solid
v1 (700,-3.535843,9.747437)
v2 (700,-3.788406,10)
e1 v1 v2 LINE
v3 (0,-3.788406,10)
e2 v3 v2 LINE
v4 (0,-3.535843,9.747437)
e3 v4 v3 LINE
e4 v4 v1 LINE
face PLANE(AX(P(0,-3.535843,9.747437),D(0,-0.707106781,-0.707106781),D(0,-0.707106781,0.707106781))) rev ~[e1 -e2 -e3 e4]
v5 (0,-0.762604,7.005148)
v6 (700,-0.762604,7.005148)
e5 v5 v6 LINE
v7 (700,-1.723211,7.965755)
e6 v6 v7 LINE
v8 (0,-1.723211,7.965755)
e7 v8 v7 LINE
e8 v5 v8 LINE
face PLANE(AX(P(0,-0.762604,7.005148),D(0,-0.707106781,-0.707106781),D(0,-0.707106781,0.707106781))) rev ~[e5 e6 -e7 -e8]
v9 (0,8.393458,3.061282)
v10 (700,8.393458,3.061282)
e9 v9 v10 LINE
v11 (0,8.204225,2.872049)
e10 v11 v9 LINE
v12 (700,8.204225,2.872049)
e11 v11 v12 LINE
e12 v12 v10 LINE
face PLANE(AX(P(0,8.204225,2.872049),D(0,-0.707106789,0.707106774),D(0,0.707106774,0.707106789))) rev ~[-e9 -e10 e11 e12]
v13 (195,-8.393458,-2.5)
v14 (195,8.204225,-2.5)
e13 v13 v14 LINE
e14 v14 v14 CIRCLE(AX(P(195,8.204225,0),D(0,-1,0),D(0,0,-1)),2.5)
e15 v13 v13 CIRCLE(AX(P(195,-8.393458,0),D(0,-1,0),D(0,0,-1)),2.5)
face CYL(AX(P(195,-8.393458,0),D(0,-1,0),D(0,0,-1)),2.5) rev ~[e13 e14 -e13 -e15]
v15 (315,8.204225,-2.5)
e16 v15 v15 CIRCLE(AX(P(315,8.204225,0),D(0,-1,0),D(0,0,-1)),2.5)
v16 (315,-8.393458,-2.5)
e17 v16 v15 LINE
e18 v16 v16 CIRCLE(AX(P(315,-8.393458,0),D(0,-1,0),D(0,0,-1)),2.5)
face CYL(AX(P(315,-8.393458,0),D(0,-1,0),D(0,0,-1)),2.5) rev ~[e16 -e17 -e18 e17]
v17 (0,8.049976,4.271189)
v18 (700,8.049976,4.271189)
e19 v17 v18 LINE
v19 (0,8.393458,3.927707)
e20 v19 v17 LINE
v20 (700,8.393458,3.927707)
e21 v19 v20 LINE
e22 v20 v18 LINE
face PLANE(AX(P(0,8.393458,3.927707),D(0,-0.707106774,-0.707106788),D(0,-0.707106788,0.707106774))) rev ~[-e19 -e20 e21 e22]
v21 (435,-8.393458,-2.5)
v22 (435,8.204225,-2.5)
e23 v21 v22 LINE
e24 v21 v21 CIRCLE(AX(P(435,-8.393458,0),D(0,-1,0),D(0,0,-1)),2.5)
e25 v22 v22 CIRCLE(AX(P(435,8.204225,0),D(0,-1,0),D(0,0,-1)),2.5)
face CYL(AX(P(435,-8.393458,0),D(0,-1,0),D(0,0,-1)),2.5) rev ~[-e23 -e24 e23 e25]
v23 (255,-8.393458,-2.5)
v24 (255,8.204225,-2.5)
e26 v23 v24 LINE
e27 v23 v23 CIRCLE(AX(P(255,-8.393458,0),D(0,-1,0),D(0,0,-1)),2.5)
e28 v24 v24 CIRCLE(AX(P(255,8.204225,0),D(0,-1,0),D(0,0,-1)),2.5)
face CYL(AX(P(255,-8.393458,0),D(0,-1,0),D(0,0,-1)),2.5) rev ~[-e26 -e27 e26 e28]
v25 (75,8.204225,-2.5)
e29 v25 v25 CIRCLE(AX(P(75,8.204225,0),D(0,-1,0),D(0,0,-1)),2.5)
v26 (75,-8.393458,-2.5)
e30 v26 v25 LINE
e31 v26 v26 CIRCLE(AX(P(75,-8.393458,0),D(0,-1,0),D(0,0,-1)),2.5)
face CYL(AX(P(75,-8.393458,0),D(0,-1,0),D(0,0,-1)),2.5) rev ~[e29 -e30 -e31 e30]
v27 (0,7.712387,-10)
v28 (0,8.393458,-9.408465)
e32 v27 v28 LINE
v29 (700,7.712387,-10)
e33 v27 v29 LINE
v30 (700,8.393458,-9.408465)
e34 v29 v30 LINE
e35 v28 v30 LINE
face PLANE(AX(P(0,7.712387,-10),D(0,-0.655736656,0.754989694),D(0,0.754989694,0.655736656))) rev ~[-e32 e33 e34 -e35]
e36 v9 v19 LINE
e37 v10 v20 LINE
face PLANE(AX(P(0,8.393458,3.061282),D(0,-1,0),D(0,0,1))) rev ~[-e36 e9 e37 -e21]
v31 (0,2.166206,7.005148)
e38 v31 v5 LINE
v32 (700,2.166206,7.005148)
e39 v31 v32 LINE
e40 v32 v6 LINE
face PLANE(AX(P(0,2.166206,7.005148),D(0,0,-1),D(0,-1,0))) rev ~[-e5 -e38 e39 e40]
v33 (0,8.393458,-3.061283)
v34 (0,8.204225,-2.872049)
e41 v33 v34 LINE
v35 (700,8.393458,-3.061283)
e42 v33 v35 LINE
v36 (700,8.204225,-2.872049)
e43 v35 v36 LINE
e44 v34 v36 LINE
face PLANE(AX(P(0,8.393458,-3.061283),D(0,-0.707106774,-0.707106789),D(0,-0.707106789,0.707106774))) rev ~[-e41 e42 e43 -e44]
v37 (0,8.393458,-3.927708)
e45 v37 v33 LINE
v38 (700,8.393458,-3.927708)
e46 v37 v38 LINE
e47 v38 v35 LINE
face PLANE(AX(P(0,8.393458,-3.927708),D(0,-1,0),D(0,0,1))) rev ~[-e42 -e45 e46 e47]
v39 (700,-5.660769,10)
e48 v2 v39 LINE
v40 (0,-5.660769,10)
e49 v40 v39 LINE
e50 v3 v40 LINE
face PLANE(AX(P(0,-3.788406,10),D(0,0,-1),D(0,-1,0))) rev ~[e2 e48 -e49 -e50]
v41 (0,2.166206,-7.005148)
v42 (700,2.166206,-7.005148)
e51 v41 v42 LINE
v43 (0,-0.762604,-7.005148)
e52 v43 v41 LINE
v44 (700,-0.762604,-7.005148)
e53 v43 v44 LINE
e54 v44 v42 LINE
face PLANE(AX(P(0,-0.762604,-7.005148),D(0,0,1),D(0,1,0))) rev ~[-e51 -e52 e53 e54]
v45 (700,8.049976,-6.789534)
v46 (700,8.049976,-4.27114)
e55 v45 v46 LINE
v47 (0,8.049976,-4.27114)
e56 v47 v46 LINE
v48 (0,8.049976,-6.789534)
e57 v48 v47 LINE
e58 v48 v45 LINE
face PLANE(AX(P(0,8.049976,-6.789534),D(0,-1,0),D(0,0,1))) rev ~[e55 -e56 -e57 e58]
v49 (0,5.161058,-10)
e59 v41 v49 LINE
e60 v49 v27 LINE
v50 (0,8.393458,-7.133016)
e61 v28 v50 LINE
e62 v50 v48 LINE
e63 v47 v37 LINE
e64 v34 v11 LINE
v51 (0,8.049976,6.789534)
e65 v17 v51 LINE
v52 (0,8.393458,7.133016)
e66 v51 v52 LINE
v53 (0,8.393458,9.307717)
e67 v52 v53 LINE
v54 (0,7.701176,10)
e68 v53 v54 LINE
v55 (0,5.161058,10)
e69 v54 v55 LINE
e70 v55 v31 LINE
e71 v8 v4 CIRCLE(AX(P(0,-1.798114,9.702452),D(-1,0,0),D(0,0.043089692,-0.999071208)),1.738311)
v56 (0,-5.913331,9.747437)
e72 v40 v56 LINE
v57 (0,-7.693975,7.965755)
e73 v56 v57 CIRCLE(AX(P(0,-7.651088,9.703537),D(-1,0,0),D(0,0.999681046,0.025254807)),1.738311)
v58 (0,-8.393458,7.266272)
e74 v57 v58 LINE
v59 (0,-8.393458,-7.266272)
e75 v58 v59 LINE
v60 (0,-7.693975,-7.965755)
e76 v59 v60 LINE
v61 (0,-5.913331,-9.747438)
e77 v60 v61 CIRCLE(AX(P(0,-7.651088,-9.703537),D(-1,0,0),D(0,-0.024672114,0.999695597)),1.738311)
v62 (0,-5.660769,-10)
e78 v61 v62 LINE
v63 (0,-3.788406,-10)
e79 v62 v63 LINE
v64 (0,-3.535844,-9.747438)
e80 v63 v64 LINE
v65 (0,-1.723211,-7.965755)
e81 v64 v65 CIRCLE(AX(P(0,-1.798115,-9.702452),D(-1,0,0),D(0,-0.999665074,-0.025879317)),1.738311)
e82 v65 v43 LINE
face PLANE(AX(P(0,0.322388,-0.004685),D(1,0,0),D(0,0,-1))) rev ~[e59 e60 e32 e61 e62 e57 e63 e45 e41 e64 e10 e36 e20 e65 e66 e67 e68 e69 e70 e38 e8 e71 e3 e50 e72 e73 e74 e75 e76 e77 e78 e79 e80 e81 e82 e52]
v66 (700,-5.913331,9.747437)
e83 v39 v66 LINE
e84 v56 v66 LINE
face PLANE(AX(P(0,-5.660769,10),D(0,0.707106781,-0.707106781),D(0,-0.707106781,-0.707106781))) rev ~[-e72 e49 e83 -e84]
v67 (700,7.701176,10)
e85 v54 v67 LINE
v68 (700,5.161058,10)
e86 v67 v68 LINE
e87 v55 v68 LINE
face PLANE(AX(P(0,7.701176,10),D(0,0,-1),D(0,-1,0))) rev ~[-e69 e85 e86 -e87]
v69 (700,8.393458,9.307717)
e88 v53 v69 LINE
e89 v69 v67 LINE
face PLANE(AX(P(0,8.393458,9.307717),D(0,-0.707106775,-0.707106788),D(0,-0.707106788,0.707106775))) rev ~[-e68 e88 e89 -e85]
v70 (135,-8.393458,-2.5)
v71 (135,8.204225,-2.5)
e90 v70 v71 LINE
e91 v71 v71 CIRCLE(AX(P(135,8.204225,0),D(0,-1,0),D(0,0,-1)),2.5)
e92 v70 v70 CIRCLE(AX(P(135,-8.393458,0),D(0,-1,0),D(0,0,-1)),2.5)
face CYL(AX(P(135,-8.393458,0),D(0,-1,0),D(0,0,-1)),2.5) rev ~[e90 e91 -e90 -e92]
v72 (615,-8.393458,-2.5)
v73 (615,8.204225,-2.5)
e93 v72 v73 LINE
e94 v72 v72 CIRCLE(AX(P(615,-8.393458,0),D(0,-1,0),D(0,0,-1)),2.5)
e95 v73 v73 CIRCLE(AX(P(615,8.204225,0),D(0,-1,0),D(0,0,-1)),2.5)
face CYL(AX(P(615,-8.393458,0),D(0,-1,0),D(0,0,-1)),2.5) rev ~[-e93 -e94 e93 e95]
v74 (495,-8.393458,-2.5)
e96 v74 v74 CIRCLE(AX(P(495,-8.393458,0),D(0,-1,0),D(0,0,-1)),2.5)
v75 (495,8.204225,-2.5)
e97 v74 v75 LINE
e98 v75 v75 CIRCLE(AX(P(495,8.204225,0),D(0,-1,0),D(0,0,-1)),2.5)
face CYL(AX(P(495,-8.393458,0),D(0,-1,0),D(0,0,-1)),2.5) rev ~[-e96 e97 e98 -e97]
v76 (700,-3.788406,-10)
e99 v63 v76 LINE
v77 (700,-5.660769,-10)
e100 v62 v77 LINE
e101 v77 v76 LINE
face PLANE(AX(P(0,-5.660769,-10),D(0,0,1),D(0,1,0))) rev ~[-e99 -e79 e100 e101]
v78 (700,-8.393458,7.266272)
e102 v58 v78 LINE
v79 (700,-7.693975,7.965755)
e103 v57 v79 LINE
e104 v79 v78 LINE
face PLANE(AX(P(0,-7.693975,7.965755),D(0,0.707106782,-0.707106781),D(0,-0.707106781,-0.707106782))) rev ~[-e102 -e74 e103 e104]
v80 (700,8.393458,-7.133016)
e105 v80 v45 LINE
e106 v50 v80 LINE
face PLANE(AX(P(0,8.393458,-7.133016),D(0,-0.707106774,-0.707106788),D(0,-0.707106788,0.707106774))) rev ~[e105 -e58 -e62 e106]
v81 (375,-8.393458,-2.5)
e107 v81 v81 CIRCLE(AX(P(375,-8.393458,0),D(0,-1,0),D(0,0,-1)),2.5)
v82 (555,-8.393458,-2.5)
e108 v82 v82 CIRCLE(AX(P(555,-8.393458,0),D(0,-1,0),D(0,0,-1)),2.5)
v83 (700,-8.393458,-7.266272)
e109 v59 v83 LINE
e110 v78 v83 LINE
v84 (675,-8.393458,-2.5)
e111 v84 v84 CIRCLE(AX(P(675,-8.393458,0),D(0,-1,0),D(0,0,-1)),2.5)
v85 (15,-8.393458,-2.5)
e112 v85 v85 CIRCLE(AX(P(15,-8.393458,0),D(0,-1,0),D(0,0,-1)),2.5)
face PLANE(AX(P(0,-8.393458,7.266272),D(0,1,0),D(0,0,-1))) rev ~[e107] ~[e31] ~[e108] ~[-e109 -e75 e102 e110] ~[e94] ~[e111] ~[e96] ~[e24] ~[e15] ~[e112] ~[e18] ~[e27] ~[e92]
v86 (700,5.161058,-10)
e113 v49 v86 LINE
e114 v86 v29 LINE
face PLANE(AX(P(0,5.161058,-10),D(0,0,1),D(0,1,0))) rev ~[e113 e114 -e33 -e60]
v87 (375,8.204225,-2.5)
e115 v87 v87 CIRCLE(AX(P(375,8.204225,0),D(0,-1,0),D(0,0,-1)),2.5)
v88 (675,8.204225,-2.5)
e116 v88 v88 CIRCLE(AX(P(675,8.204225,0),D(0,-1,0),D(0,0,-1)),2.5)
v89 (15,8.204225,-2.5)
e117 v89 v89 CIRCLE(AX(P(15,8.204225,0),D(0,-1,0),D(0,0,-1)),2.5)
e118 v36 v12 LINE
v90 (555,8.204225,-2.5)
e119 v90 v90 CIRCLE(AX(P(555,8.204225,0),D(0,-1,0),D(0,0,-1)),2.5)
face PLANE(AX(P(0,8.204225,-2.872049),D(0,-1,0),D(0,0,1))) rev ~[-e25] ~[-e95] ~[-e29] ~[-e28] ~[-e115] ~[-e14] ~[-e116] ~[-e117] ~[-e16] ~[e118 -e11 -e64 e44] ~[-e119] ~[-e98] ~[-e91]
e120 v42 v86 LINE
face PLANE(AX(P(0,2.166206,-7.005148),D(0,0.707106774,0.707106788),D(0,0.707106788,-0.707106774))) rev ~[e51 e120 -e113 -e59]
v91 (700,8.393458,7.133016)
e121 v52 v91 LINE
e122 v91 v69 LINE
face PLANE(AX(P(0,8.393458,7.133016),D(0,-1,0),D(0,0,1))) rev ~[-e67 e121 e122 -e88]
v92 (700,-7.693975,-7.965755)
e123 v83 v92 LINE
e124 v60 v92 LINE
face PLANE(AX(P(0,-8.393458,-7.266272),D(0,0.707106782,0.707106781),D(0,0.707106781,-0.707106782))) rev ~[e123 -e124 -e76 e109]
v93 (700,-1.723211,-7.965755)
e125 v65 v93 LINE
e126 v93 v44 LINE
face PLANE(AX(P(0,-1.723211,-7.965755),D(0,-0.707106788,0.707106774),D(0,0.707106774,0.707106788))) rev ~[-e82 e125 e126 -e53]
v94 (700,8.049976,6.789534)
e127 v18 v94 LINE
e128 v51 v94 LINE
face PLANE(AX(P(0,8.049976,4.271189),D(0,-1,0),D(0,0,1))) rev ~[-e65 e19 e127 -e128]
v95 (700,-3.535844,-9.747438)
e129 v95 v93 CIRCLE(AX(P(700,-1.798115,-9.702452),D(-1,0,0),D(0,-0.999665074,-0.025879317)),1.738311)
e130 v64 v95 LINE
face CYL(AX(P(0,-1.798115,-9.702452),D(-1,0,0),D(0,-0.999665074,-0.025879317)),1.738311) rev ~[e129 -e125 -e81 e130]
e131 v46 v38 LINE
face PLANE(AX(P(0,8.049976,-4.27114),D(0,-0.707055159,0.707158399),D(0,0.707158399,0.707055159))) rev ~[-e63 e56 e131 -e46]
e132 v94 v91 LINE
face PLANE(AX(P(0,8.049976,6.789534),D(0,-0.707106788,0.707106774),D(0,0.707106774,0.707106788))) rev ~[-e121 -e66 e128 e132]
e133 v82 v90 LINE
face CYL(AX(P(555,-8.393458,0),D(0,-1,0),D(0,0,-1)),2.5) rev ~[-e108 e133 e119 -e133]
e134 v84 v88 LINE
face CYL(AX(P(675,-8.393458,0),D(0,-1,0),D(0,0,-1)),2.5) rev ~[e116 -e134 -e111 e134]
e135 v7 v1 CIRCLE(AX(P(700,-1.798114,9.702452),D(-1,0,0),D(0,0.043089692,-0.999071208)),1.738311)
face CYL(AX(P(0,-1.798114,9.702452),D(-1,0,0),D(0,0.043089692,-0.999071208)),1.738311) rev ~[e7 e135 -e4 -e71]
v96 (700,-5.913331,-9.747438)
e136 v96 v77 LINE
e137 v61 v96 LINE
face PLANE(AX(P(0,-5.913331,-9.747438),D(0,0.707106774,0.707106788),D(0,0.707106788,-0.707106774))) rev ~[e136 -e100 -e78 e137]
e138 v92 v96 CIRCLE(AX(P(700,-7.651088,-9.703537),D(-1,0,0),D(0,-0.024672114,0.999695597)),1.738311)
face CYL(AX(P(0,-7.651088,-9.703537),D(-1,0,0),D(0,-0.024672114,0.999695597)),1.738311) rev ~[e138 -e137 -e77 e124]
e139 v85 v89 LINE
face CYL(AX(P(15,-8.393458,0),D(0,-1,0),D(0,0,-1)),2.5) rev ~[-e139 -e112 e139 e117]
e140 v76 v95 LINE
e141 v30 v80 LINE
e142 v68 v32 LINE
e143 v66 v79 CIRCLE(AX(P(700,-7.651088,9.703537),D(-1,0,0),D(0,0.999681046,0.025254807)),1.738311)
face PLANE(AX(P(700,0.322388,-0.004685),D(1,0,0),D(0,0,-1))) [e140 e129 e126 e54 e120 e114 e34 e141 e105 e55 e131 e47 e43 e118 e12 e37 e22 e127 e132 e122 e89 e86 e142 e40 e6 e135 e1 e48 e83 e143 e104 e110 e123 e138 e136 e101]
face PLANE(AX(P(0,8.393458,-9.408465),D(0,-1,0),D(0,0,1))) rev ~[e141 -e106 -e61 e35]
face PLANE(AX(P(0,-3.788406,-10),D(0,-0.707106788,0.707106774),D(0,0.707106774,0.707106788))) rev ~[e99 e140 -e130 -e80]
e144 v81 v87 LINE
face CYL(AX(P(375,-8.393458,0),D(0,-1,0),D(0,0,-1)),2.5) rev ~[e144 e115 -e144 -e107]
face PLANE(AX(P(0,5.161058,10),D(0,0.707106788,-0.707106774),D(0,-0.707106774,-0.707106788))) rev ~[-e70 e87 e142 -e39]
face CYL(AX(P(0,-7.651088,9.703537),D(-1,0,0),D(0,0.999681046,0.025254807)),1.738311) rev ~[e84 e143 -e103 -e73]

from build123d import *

# Parameters (mm, degrees)
BOSS_EXTRUDE1_DEPTH   = 700
CROQUIS1_R            = 2.5
CORTAR_EXTRUIR1_DEPTH = 20
MATRIZL1_COUNT        = 12
MATRIZL1_PITCH        = 60


with BuildPart() as part:
    # Sketch1 → Boss-Extrude1 (new body)
    with BuildSketch(Plane(origin=(0, 0, 0), x_dir=(0, 0, -1), z_dir=(1, 0, 0))):
        with BuildLine():
            Line((-7.965754986, -7.693975449), (-7.266272068, -8.393458366))
            Line((-7.266272068, -8.393458366), (7.266272068, -8.393458366))
            Line((7.266272068, -8.393458366), (7.965754986, -7.693975449))
            ThreePointArc((7.965754986, -7.693975449), (8.474723757, -6.421557866), (9.747437917, -5.913331162))
            Line((9.747437917, -5.913331162), (10.000000437, -5.660768637))
            Line((10.000000437, -5.660768637), (10.000000437, -3.788406023))
            Line((10.000000437, -3.788406023), (9.747437912, -3.535843503))
            ThreePointArc((9.747437912, -3.535843503), (8.462742055, -3.016656911), (7.965755402, -1.72321096))
            Line((7.965755402, -1.72321096), (7.005148341, -0.762603918))
            Line((7.005148341, -0.762603918), (7.005148341, 2.166206023))
            Line((7.005148341, 2.166206023), (10.000000347, 5.161058089))
            Line((10.000000347, 5.161058089), (10.000000347, 7.712387211))
            Line((10.000000347, 7.712387211), (9.408464779, 8.393458268))
            Line((9.408464779, 8.393458268), (7.133016457, 8.393458268))
            Line((7.133016457, 8.393458268), (6.789534443, 8.049976247))
            Line((6.789534443, 8.049976247), (4.271139656, 8.049976247))
            Line((4.271139656, 8.049976247), (3.927707784, 8.393458265))
            Line((3.927707784, 8.393458265), (3.061282509, 8.393458265))
            Line((3.061282509, 8.393458265), (2.872049327, 8.204225079))
            Line((2.872049327, 8.204225079), (-2.87204886, 8.204225079))
            Line((-2.87204886, 8.204225079), (-3.061282046, 8.393458261))
            Line((-3.061282046, 8.393458261), (-3.927707321, 8.393458261))
            Line((-3.927707321, 8.393458261), (-4.271189216, 8.049976359))
            Line((-4.271189216, 8.049976359), (-6.789534095, 8.049976359))
            Line((-6.789534095, 8.049976359), (-7.133016116, 8.393458373))
            Line((-7.133016116, 8.393458373), (-9.30771733, 8.393458373))
            Line((-9.30771733, 8.393458373), (-10, 7.70117569))
            Line((-10, 7.70117569), (-10, 5.161058187))
            Line((-10, 5.161058187), (-7.005147934, 2.166206181))
            Line((-7.005147934, 2.166206181), (-7.005147934, -0.76260376))
            Line((-7.005147934, -0.76260376), (-7.965754986, -1.723210812))
            ThreePointArc((-7.965754986, -1.723210812), (-8.462741848, -3.016656549), (-9.747437477, -3.535843372))
            Line((-9.747437477, -3.535843372), (-10, -3.788405895))
            Line((-10, -3.788405895), (-10, -5.660768509))
            Line((-10, -5.660768509), (-9.747437477, -5.913331032))
            ThreePointArc((-9.747437477, -5.913331032), (-8.474723558, -6.421557943), (-7.965754986, -7.693975449))
        make_face()
    extrude(amount=BOSS_EXTRUDE1_DEPTH)

    # Croquis1 → Cortar-Extruir1 (cut)
    with BuildSketch(Plane.XZ.offset(8.393458366)):
        with Locations(Location((15, 0, 0), (0, 0, 270))):
            Circle(CROQUIS1_R)
    cortar_extruir1 = extrude(amount=-CORTAR_EXTRUIR1_DEPTH, mode=Mode.SUBTRACT)

    # MatrizL1: Cortar-Extruir1 ×12
    with Locations(*[(i * MATRIZL1_PITCH, 0, 0) for i in range(1, MATRIZL1_COUNT)]):
        add(cortar_extruir1, mode=Mode.SUBTRACT)


solid = part.part
